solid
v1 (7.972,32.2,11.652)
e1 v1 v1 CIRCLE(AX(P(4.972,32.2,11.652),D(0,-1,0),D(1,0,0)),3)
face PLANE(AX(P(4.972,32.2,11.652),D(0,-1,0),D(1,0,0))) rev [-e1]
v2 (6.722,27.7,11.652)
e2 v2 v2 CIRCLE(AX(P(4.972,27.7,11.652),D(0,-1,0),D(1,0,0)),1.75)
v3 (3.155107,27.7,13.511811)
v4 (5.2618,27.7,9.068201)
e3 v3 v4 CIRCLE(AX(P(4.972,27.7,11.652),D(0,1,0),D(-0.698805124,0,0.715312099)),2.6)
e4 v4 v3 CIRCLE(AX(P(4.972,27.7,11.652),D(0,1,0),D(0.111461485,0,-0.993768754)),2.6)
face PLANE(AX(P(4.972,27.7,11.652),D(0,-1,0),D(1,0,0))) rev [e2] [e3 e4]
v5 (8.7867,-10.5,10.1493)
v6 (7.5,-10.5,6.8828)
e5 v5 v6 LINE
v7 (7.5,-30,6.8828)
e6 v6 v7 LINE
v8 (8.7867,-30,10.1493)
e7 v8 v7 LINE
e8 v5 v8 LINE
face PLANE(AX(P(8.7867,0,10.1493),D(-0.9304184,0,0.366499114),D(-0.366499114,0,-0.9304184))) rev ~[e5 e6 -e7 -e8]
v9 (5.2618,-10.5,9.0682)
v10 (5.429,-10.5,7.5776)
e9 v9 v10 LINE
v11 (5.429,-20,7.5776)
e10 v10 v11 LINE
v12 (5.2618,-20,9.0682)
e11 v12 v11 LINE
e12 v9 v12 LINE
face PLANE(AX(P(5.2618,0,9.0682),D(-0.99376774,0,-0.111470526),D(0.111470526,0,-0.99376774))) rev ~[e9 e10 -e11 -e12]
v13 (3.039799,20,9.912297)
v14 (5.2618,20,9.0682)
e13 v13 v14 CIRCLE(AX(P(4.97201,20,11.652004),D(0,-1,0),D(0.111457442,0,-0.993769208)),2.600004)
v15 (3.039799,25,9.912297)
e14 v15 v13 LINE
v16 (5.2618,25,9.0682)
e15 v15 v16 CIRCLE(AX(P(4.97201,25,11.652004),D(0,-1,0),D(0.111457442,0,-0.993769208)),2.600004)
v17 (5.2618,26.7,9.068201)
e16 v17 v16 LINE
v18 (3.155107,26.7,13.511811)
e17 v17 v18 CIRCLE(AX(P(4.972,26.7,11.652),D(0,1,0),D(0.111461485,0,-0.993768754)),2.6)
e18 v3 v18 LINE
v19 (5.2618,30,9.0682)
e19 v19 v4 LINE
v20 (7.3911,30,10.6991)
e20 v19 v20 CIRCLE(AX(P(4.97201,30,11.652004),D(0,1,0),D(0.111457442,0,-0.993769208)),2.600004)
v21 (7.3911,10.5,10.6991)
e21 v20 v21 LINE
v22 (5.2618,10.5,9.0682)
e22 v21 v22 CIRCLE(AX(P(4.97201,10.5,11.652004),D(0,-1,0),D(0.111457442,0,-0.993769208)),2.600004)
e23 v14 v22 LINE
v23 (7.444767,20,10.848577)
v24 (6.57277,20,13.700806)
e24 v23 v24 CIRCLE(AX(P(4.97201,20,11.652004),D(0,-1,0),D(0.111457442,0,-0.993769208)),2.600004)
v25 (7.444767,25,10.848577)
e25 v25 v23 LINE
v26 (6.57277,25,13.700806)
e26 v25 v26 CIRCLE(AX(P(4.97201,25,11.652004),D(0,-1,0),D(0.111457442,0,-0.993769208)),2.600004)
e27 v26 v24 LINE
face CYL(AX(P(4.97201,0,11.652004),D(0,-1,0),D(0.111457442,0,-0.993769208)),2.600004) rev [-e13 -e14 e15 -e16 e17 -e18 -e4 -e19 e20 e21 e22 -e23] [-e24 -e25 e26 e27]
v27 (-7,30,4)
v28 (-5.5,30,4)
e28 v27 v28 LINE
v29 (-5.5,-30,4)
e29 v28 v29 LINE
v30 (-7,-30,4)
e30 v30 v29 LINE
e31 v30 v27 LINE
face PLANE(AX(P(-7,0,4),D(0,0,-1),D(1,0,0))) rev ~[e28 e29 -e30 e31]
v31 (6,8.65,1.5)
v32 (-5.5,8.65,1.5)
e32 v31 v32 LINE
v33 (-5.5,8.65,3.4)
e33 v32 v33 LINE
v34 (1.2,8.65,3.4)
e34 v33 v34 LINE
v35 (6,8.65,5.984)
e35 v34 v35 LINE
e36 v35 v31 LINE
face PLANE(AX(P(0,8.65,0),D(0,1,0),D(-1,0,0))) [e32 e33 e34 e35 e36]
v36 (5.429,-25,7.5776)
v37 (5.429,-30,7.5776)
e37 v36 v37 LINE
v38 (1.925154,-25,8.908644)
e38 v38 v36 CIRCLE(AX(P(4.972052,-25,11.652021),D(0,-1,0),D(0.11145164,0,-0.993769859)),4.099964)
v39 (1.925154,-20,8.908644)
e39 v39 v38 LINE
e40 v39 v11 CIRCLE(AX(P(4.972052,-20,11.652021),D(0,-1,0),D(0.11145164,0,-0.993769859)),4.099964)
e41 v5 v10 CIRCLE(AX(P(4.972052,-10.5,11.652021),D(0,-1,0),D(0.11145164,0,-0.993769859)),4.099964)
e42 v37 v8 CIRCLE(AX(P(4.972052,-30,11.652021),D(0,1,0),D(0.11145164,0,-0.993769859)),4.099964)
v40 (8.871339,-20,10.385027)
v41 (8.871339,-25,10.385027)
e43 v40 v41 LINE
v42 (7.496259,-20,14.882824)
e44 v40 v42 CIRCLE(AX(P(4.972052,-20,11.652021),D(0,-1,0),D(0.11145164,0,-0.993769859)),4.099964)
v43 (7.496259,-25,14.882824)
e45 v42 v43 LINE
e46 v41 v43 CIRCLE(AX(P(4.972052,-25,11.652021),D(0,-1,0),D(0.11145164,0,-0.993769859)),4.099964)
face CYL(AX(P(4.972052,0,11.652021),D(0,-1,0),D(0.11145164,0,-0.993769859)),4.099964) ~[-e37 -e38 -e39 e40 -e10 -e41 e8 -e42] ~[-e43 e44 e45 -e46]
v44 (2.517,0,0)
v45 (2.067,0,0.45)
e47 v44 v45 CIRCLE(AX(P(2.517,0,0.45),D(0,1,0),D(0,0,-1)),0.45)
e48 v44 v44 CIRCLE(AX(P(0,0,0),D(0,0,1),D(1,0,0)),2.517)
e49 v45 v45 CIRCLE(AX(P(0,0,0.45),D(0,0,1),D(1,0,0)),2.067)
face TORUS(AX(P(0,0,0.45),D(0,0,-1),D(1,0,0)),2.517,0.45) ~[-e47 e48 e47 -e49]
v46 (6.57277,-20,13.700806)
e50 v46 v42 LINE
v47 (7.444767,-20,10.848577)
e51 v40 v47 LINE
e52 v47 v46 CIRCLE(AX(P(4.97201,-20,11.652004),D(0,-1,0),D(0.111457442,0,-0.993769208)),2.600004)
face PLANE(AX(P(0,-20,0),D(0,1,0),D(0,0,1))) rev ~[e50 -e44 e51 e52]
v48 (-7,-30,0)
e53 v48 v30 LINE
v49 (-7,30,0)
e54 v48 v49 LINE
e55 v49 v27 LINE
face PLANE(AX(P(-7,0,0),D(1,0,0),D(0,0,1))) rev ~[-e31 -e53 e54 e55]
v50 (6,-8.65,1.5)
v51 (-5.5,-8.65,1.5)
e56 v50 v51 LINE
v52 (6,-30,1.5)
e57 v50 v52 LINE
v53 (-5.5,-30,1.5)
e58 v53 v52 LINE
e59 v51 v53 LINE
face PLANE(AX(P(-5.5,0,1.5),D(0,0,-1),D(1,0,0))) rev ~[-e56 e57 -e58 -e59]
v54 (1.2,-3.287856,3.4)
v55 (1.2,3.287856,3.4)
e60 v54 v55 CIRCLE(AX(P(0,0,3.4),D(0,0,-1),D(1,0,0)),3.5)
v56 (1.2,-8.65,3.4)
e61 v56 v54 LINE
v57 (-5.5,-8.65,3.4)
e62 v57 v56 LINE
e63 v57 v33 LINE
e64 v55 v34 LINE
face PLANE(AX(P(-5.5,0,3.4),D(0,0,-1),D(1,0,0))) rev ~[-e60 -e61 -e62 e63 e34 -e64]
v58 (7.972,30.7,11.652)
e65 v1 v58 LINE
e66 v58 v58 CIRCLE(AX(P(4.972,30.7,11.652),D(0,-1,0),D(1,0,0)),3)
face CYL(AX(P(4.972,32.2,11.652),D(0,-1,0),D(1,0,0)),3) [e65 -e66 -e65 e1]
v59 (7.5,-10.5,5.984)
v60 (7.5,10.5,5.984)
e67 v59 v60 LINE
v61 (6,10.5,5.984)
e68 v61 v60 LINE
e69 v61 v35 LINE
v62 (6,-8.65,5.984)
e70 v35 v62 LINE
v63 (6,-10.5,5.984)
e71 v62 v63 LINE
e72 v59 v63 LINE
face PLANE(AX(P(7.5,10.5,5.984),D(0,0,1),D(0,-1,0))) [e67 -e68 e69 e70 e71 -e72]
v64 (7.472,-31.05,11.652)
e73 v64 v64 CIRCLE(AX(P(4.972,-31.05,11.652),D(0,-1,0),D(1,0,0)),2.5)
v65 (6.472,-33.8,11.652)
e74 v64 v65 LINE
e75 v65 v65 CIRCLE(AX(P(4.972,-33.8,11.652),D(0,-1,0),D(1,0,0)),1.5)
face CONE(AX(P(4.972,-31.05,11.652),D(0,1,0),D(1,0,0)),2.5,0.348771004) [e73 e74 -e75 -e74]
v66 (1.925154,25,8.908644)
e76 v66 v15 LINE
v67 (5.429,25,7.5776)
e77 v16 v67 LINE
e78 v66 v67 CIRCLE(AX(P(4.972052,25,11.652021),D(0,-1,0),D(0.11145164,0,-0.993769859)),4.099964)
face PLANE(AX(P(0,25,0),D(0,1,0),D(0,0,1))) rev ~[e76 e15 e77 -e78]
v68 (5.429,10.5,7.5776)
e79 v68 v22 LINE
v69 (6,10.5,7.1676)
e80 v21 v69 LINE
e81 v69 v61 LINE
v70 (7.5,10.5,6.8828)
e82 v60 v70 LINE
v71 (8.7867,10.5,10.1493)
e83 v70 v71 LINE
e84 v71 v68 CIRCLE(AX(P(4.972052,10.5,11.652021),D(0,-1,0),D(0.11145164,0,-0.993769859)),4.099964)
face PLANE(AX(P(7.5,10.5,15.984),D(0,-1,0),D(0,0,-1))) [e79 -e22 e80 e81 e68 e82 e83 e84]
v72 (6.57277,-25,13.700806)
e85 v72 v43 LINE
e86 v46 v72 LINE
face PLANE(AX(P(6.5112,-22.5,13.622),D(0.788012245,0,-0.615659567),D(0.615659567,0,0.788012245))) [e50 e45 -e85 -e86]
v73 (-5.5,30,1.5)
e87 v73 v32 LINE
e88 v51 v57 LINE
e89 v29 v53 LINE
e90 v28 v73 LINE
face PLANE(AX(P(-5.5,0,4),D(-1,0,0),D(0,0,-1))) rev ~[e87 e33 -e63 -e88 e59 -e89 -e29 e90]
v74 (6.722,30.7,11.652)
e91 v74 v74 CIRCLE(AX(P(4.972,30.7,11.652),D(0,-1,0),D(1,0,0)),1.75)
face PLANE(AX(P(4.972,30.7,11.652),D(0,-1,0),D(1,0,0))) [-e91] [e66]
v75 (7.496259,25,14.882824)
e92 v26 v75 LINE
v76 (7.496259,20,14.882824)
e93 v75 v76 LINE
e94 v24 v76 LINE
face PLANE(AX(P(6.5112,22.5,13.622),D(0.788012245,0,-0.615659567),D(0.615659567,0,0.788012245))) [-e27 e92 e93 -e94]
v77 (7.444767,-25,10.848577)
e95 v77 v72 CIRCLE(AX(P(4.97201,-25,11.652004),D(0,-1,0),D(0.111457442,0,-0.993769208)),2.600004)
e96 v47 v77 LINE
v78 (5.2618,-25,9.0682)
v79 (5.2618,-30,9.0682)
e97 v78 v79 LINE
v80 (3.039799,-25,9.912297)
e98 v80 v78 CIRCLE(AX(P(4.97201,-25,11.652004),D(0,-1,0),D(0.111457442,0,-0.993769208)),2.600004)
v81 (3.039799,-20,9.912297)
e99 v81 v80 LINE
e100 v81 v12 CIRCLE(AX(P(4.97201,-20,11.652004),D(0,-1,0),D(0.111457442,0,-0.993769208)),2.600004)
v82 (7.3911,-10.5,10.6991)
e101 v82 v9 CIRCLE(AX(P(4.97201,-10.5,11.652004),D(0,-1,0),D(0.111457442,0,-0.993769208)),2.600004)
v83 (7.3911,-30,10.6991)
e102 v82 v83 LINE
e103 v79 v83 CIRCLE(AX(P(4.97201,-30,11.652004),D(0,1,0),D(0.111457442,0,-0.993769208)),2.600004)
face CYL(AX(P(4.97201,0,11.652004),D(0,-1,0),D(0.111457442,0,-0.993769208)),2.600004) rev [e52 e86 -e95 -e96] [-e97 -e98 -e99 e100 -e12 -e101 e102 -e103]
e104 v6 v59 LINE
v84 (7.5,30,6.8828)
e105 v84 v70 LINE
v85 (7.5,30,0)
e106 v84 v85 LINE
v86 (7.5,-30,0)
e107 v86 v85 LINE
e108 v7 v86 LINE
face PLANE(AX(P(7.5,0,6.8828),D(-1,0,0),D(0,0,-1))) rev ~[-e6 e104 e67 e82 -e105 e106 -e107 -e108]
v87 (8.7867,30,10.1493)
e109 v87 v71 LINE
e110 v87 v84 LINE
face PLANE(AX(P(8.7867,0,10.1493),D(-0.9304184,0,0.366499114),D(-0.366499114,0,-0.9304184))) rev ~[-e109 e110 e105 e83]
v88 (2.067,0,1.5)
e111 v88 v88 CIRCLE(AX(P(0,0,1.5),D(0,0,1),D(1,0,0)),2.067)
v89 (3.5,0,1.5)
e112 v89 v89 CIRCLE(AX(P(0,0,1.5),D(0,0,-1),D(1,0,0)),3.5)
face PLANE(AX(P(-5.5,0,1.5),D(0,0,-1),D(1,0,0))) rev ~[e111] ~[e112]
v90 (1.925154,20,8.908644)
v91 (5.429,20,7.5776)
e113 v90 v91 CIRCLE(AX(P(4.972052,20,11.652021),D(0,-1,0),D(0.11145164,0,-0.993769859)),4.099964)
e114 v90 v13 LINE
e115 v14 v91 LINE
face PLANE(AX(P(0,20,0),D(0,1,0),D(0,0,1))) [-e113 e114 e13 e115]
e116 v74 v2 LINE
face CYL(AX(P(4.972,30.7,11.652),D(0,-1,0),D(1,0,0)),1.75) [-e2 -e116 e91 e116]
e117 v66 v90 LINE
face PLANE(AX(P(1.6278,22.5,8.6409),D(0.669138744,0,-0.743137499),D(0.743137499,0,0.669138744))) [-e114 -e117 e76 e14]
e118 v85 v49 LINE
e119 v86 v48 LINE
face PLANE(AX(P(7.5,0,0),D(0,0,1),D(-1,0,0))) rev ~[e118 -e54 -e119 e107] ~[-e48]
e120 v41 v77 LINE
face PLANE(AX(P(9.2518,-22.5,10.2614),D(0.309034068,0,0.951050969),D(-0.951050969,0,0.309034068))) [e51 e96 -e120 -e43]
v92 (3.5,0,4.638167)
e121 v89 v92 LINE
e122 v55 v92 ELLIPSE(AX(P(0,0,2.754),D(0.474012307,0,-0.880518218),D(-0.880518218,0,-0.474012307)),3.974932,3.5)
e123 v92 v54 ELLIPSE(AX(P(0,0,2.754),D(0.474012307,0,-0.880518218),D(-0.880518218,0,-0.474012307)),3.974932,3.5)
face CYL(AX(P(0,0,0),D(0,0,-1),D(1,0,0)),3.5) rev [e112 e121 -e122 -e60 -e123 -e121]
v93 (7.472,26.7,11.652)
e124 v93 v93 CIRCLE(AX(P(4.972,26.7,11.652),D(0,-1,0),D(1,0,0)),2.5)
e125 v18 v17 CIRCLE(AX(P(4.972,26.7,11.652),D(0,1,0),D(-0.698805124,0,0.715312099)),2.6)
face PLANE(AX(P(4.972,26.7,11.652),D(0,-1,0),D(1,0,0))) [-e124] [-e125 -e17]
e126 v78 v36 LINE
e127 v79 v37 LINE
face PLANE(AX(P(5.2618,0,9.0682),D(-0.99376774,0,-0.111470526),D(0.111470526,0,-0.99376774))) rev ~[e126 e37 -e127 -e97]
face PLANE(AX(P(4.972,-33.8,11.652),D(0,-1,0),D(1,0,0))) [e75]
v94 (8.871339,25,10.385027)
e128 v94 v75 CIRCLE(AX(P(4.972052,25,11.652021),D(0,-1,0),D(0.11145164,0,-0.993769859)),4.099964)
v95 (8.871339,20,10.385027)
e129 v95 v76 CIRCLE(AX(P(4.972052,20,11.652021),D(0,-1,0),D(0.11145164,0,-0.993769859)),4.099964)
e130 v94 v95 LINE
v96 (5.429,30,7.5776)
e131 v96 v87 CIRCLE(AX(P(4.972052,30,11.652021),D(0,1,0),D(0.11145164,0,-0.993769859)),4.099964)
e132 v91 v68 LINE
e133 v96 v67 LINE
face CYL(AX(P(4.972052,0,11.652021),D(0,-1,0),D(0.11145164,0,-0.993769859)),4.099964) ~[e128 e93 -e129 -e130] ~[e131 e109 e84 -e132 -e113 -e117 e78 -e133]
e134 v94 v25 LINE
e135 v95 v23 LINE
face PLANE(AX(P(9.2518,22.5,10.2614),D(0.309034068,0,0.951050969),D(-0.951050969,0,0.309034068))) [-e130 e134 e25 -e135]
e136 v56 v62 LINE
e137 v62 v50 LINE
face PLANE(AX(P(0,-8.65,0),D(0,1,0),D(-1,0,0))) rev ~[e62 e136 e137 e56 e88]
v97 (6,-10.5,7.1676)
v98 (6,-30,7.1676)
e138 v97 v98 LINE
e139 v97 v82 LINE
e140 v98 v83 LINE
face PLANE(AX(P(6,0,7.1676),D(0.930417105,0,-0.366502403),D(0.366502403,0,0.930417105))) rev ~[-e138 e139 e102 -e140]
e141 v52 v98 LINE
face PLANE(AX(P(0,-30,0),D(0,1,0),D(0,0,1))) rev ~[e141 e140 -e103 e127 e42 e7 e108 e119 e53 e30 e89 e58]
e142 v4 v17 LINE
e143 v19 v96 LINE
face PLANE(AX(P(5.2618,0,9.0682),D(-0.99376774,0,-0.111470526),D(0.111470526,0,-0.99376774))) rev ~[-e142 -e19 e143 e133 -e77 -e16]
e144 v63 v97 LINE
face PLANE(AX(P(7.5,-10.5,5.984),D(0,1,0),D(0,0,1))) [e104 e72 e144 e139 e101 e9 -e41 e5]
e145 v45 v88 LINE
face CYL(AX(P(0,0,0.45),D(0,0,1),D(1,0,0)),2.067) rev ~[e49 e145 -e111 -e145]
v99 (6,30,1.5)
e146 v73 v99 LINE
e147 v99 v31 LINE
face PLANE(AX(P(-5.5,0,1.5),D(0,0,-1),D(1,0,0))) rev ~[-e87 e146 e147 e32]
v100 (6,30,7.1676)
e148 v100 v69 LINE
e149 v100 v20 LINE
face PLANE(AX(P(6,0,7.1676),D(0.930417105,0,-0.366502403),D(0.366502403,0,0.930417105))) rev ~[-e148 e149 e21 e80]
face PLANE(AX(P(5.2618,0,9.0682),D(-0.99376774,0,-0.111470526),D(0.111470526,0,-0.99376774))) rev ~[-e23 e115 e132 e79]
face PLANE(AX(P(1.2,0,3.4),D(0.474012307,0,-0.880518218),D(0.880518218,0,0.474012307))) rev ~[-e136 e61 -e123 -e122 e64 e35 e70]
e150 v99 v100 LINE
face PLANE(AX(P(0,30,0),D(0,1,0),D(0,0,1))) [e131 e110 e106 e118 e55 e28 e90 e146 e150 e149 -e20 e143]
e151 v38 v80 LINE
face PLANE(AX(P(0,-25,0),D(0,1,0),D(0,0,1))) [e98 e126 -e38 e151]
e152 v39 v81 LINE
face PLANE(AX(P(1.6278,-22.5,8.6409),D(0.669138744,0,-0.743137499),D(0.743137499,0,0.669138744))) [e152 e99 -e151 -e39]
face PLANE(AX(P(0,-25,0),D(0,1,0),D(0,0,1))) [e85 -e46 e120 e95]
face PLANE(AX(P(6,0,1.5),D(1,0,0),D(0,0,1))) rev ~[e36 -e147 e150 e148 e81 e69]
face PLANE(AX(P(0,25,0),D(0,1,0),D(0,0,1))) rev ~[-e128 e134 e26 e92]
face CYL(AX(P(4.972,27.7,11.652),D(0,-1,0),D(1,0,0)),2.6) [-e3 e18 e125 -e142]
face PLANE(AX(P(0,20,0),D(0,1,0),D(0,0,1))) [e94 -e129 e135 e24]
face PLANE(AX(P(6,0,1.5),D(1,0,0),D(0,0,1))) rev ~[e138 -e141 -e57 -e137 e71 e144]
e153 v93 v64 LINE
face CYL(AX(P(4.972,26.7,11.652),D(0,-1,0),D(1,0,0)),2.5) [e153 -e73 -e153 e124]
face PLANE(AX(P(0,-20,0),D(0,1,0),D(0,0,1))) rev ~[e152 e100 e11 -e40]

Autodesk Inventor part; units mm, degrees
sketch "Sketch_12" plane through (0, 0, 0) normal (0, 1, 0) x (-1, 0, 0)
  line L0 (5.5, 3.4) -> (-1.2, 3.4)
  line L1 (-1.2, 3.4) -> (-6, 5.984)
  line L2 (-6, 5.984) -> (-6, 1.5)
  line L3 (-6, 1.5) -> (5.5, 1.5)
  line L4 (5.5, 1.5) -> (5.5, 3.4)
extrude "Extrusion1" add sketch "Sketch_12" along normal mid plane 17.3
sketch "Sketch_16" plane through (0, 0, 0) normal (0, 0, 1) x (1, 0, 0)
  circle A0 centre (0, 0) radius 3.5
extrude "Extrusion2" cut sketch "Sketch_16" along normal blind 6
sketch "Sketch_1" plane through (0, 0, 0) normal (0, 1, 0) x (0, 0, 1)
  line L0 (0, 7.5) -> (0, -7)
  line L1 (0, -7) -> (4, -7)
  line L2 (4, -7) -> (4, -5.5)
  line L3 (4, -5.5) -> (1.5, -5.5)
  line L4 (1.5, -5.5) -> (1.5, 6)
  line L5 (1.5, 6) -> (7.1676, 6)
  line L6 (7.1676, 6) -> (10.6991, 7.3911)
  arc A0 (9.0682, 5.2618) -> (10.6991, 7.3911) centre (11.652, 4.972) ccw
  line L7 (9.0682, 5.2618) -> (7.5776, 5.429)
  arc A1 (7.5776, 5.429) -> (10.1493, 8.7867) centre (11.652, 4.972) ccw
  line L8 (10.1493, 8.7867) -> (6.8828, 7.5)
  line L9 (6.8828, 7.5) -> (0, 7.5)
extrude "Extrusion3" add sketch "Sketch_1" along normal mid plane 60
sketch "Sketch_8" plane through (0, 22.5, 0) normal (0, 1, 0) x (0, 0, 1)
  arc A0 (7.1855, 5.5204) -> (8.6409, 1.6278) centre (11.652, 4.972) ccw
  line L0 (8.6409, 1.6278) -> (9.9792, 3.1141)
  arc A1 (9.9792, 3.1141) -> (13.622, 6.5112) centre (11.652, 4.972) ccw
  line L1 (13.622, 6.5112) -> (15.198, 7.7425)
  arc A2 (15.198, 7.7425) -> (10.2614, 9.2518) centre (11.652, 4.972) ccw
  line L2 (10.2614, 9.2518) -> (10.8795, 7.3496)
  arc A3 (10.8795, 7.3496) -> (9.1706, 5.2767) centre (11.652, 4.972) ccw
  line L3 (9.1706, 5.2767) -> (7.1855, 5.5204)
extrude "Extrusion4" cut sketch "Sketch_8" along normal mid plane 5
sketch "Sketch_9" plane through (0, -22.5, 0) normal (0, 1, 0) x (0, 0, 1)
  arc A0 (7.1855, 5.5204) -> (8.6409, 1.6278) centre (11.652, 4.972) ccw
  line L0 (8.6409, 1.6278) -> (9.9792, 3.1141)
  arc A1 (9.9792, 3.1141) -> (13.622, 6.5112) centre (11.652, 4.972) ccw
  line L1 (13.622, 6.5112) -> (15.198, 7.7425)
  arc A2 (15.198, 7.7425) -> (10.2614, 9.2518) centre (11.652, 4.972) ccw
  line L2 (10.2614, 9.2518) -> (10.8795, 7.3496)
  arc A3 (10.8795, 7.3496) -> (9.1706, 5.2767) centre (11.652, 4.972) ccw
  line L3 (9.1706, 5.2767) -> (7.1855, 5.5204)
extrude "Extrusion5" cut sketch "Sketch_9" along normal mid plane 5
sketch "Sketch_5" plane through (0, 0, 0) normal (0, 1, 0) x (0, 0, 1)
  line L0 (1.5, 0) -> (0, 0)
  line L1 (0, 0) -> (0, 2.517)
  arc A0 (0, 2.517) -> (0.45, 2.067) centre (0.45, 2.517) ccw
  line L2 (0.45, 2.067) -> (1.5, 2.067)
  line L3 (1.5, 2.067) -> (1.5, 0)
  line L4 (1.5, 0) -> (0, 0)
revolve "Revolution1" cut sketch "Sketch_5" angle 360 about axis through (0, 0, 1.5) along (0, 0, 1)
thread "Thread1" size "M5x0.8" class "6H" standard "ISO Metric profile" full length
sketch "Sketch_6" plane through (7.5, 0, 0) normal (-1, 0, 0) x (0, 0, 1)
  line L0 (5.984, -10.5) -> (15.984, -10.5)
  line L1 (15.984, -10.5) -> (15.984, 10.5)
  line L2 (15.984, 10.5) -> (5.984, 10.5)
  line L3 (5.984, 10.5) -> (5.984, -10.5)
extrude "Extrusion6" cut sketch "Sketch_6" along normal mid plane 14
sketch "Sketch_18" plane through (0, 0, 11.652) normal (0, 0, 1) x (1, 0, 0)
  line L0 (4.972, -33.8) -> (4.972, 32.2)
  line L1 (4.972, 32.2) -> (7.972, 32.2)
  line L2 (7.972, 32.2) -> (7.972, 30.7)
  line L3 (7.972, 30.7) -> (6.722, 30.7)
  line L4 (6.722, 30.7) -> (6.722, 27.7)
  line L5 (6.722, 27.7) -> (7.572, 27.7)
  line L6 (7.572, 27.7) -> (7.572, 26.7)
  line L7 (7.572, 26.7) -> (7.472, 26.7)
  line L8 (7.472, 26.7) -> (7.472, -31.05)
  line L9 (7.472, -31.05) -> (6.472, -33.8)
  line L10 (6.472, -33.8) -> (4.972, -33.8)
  line L11 (4.972, -33.8) -> (4.972, 32.2)
revolve "Revolution2" add sketch "Sketch_18" angle 360 about axis through (4.972, -33.8, 11.652) along (0, -1, 0)
ref_plane "SC_XY" through (0, 0, 0) normal (0, 0, 1) x (-1, 0, 0)
ref_plane "SC_YZ" through (0, 0, 0) normal (-1, 0, 0) x (0, -1, 0)
ref_plane "SC_ZX" through (0, 0, 0) normal (0, -1, 0) x (0, 0, 1)
ref_plane "TUER1_XY" through (4.972, 0, 11.652) normal (0, -1, 0) x (0, 0, 1)
ref_plane "TUER1_YZ" through (4.972, 0, 11.652) normal (0, 0, 1) x (-1, 0, 0)
ref_plane "TUER1_ZX" through (4.972, 0, 11.652) normal (-1, 0, 0) x (0, -1, 0)
ref_plane "TUER2_XY" through (4.972, 0, 11.652) normal (0, 1, 0) x (0, 0, 1)
ref_plane "TUER2_YZ" through (4.972, 0, 11.652) normal (0, 0, 1) x (1, 0, 0)
ref_plane "TUER2_ZX" through (4.972, 0, 11.652) normal (1, 0, 0) x (0, 1, 0)
properties part number "1XXX_01_04(B,1)_P7"
